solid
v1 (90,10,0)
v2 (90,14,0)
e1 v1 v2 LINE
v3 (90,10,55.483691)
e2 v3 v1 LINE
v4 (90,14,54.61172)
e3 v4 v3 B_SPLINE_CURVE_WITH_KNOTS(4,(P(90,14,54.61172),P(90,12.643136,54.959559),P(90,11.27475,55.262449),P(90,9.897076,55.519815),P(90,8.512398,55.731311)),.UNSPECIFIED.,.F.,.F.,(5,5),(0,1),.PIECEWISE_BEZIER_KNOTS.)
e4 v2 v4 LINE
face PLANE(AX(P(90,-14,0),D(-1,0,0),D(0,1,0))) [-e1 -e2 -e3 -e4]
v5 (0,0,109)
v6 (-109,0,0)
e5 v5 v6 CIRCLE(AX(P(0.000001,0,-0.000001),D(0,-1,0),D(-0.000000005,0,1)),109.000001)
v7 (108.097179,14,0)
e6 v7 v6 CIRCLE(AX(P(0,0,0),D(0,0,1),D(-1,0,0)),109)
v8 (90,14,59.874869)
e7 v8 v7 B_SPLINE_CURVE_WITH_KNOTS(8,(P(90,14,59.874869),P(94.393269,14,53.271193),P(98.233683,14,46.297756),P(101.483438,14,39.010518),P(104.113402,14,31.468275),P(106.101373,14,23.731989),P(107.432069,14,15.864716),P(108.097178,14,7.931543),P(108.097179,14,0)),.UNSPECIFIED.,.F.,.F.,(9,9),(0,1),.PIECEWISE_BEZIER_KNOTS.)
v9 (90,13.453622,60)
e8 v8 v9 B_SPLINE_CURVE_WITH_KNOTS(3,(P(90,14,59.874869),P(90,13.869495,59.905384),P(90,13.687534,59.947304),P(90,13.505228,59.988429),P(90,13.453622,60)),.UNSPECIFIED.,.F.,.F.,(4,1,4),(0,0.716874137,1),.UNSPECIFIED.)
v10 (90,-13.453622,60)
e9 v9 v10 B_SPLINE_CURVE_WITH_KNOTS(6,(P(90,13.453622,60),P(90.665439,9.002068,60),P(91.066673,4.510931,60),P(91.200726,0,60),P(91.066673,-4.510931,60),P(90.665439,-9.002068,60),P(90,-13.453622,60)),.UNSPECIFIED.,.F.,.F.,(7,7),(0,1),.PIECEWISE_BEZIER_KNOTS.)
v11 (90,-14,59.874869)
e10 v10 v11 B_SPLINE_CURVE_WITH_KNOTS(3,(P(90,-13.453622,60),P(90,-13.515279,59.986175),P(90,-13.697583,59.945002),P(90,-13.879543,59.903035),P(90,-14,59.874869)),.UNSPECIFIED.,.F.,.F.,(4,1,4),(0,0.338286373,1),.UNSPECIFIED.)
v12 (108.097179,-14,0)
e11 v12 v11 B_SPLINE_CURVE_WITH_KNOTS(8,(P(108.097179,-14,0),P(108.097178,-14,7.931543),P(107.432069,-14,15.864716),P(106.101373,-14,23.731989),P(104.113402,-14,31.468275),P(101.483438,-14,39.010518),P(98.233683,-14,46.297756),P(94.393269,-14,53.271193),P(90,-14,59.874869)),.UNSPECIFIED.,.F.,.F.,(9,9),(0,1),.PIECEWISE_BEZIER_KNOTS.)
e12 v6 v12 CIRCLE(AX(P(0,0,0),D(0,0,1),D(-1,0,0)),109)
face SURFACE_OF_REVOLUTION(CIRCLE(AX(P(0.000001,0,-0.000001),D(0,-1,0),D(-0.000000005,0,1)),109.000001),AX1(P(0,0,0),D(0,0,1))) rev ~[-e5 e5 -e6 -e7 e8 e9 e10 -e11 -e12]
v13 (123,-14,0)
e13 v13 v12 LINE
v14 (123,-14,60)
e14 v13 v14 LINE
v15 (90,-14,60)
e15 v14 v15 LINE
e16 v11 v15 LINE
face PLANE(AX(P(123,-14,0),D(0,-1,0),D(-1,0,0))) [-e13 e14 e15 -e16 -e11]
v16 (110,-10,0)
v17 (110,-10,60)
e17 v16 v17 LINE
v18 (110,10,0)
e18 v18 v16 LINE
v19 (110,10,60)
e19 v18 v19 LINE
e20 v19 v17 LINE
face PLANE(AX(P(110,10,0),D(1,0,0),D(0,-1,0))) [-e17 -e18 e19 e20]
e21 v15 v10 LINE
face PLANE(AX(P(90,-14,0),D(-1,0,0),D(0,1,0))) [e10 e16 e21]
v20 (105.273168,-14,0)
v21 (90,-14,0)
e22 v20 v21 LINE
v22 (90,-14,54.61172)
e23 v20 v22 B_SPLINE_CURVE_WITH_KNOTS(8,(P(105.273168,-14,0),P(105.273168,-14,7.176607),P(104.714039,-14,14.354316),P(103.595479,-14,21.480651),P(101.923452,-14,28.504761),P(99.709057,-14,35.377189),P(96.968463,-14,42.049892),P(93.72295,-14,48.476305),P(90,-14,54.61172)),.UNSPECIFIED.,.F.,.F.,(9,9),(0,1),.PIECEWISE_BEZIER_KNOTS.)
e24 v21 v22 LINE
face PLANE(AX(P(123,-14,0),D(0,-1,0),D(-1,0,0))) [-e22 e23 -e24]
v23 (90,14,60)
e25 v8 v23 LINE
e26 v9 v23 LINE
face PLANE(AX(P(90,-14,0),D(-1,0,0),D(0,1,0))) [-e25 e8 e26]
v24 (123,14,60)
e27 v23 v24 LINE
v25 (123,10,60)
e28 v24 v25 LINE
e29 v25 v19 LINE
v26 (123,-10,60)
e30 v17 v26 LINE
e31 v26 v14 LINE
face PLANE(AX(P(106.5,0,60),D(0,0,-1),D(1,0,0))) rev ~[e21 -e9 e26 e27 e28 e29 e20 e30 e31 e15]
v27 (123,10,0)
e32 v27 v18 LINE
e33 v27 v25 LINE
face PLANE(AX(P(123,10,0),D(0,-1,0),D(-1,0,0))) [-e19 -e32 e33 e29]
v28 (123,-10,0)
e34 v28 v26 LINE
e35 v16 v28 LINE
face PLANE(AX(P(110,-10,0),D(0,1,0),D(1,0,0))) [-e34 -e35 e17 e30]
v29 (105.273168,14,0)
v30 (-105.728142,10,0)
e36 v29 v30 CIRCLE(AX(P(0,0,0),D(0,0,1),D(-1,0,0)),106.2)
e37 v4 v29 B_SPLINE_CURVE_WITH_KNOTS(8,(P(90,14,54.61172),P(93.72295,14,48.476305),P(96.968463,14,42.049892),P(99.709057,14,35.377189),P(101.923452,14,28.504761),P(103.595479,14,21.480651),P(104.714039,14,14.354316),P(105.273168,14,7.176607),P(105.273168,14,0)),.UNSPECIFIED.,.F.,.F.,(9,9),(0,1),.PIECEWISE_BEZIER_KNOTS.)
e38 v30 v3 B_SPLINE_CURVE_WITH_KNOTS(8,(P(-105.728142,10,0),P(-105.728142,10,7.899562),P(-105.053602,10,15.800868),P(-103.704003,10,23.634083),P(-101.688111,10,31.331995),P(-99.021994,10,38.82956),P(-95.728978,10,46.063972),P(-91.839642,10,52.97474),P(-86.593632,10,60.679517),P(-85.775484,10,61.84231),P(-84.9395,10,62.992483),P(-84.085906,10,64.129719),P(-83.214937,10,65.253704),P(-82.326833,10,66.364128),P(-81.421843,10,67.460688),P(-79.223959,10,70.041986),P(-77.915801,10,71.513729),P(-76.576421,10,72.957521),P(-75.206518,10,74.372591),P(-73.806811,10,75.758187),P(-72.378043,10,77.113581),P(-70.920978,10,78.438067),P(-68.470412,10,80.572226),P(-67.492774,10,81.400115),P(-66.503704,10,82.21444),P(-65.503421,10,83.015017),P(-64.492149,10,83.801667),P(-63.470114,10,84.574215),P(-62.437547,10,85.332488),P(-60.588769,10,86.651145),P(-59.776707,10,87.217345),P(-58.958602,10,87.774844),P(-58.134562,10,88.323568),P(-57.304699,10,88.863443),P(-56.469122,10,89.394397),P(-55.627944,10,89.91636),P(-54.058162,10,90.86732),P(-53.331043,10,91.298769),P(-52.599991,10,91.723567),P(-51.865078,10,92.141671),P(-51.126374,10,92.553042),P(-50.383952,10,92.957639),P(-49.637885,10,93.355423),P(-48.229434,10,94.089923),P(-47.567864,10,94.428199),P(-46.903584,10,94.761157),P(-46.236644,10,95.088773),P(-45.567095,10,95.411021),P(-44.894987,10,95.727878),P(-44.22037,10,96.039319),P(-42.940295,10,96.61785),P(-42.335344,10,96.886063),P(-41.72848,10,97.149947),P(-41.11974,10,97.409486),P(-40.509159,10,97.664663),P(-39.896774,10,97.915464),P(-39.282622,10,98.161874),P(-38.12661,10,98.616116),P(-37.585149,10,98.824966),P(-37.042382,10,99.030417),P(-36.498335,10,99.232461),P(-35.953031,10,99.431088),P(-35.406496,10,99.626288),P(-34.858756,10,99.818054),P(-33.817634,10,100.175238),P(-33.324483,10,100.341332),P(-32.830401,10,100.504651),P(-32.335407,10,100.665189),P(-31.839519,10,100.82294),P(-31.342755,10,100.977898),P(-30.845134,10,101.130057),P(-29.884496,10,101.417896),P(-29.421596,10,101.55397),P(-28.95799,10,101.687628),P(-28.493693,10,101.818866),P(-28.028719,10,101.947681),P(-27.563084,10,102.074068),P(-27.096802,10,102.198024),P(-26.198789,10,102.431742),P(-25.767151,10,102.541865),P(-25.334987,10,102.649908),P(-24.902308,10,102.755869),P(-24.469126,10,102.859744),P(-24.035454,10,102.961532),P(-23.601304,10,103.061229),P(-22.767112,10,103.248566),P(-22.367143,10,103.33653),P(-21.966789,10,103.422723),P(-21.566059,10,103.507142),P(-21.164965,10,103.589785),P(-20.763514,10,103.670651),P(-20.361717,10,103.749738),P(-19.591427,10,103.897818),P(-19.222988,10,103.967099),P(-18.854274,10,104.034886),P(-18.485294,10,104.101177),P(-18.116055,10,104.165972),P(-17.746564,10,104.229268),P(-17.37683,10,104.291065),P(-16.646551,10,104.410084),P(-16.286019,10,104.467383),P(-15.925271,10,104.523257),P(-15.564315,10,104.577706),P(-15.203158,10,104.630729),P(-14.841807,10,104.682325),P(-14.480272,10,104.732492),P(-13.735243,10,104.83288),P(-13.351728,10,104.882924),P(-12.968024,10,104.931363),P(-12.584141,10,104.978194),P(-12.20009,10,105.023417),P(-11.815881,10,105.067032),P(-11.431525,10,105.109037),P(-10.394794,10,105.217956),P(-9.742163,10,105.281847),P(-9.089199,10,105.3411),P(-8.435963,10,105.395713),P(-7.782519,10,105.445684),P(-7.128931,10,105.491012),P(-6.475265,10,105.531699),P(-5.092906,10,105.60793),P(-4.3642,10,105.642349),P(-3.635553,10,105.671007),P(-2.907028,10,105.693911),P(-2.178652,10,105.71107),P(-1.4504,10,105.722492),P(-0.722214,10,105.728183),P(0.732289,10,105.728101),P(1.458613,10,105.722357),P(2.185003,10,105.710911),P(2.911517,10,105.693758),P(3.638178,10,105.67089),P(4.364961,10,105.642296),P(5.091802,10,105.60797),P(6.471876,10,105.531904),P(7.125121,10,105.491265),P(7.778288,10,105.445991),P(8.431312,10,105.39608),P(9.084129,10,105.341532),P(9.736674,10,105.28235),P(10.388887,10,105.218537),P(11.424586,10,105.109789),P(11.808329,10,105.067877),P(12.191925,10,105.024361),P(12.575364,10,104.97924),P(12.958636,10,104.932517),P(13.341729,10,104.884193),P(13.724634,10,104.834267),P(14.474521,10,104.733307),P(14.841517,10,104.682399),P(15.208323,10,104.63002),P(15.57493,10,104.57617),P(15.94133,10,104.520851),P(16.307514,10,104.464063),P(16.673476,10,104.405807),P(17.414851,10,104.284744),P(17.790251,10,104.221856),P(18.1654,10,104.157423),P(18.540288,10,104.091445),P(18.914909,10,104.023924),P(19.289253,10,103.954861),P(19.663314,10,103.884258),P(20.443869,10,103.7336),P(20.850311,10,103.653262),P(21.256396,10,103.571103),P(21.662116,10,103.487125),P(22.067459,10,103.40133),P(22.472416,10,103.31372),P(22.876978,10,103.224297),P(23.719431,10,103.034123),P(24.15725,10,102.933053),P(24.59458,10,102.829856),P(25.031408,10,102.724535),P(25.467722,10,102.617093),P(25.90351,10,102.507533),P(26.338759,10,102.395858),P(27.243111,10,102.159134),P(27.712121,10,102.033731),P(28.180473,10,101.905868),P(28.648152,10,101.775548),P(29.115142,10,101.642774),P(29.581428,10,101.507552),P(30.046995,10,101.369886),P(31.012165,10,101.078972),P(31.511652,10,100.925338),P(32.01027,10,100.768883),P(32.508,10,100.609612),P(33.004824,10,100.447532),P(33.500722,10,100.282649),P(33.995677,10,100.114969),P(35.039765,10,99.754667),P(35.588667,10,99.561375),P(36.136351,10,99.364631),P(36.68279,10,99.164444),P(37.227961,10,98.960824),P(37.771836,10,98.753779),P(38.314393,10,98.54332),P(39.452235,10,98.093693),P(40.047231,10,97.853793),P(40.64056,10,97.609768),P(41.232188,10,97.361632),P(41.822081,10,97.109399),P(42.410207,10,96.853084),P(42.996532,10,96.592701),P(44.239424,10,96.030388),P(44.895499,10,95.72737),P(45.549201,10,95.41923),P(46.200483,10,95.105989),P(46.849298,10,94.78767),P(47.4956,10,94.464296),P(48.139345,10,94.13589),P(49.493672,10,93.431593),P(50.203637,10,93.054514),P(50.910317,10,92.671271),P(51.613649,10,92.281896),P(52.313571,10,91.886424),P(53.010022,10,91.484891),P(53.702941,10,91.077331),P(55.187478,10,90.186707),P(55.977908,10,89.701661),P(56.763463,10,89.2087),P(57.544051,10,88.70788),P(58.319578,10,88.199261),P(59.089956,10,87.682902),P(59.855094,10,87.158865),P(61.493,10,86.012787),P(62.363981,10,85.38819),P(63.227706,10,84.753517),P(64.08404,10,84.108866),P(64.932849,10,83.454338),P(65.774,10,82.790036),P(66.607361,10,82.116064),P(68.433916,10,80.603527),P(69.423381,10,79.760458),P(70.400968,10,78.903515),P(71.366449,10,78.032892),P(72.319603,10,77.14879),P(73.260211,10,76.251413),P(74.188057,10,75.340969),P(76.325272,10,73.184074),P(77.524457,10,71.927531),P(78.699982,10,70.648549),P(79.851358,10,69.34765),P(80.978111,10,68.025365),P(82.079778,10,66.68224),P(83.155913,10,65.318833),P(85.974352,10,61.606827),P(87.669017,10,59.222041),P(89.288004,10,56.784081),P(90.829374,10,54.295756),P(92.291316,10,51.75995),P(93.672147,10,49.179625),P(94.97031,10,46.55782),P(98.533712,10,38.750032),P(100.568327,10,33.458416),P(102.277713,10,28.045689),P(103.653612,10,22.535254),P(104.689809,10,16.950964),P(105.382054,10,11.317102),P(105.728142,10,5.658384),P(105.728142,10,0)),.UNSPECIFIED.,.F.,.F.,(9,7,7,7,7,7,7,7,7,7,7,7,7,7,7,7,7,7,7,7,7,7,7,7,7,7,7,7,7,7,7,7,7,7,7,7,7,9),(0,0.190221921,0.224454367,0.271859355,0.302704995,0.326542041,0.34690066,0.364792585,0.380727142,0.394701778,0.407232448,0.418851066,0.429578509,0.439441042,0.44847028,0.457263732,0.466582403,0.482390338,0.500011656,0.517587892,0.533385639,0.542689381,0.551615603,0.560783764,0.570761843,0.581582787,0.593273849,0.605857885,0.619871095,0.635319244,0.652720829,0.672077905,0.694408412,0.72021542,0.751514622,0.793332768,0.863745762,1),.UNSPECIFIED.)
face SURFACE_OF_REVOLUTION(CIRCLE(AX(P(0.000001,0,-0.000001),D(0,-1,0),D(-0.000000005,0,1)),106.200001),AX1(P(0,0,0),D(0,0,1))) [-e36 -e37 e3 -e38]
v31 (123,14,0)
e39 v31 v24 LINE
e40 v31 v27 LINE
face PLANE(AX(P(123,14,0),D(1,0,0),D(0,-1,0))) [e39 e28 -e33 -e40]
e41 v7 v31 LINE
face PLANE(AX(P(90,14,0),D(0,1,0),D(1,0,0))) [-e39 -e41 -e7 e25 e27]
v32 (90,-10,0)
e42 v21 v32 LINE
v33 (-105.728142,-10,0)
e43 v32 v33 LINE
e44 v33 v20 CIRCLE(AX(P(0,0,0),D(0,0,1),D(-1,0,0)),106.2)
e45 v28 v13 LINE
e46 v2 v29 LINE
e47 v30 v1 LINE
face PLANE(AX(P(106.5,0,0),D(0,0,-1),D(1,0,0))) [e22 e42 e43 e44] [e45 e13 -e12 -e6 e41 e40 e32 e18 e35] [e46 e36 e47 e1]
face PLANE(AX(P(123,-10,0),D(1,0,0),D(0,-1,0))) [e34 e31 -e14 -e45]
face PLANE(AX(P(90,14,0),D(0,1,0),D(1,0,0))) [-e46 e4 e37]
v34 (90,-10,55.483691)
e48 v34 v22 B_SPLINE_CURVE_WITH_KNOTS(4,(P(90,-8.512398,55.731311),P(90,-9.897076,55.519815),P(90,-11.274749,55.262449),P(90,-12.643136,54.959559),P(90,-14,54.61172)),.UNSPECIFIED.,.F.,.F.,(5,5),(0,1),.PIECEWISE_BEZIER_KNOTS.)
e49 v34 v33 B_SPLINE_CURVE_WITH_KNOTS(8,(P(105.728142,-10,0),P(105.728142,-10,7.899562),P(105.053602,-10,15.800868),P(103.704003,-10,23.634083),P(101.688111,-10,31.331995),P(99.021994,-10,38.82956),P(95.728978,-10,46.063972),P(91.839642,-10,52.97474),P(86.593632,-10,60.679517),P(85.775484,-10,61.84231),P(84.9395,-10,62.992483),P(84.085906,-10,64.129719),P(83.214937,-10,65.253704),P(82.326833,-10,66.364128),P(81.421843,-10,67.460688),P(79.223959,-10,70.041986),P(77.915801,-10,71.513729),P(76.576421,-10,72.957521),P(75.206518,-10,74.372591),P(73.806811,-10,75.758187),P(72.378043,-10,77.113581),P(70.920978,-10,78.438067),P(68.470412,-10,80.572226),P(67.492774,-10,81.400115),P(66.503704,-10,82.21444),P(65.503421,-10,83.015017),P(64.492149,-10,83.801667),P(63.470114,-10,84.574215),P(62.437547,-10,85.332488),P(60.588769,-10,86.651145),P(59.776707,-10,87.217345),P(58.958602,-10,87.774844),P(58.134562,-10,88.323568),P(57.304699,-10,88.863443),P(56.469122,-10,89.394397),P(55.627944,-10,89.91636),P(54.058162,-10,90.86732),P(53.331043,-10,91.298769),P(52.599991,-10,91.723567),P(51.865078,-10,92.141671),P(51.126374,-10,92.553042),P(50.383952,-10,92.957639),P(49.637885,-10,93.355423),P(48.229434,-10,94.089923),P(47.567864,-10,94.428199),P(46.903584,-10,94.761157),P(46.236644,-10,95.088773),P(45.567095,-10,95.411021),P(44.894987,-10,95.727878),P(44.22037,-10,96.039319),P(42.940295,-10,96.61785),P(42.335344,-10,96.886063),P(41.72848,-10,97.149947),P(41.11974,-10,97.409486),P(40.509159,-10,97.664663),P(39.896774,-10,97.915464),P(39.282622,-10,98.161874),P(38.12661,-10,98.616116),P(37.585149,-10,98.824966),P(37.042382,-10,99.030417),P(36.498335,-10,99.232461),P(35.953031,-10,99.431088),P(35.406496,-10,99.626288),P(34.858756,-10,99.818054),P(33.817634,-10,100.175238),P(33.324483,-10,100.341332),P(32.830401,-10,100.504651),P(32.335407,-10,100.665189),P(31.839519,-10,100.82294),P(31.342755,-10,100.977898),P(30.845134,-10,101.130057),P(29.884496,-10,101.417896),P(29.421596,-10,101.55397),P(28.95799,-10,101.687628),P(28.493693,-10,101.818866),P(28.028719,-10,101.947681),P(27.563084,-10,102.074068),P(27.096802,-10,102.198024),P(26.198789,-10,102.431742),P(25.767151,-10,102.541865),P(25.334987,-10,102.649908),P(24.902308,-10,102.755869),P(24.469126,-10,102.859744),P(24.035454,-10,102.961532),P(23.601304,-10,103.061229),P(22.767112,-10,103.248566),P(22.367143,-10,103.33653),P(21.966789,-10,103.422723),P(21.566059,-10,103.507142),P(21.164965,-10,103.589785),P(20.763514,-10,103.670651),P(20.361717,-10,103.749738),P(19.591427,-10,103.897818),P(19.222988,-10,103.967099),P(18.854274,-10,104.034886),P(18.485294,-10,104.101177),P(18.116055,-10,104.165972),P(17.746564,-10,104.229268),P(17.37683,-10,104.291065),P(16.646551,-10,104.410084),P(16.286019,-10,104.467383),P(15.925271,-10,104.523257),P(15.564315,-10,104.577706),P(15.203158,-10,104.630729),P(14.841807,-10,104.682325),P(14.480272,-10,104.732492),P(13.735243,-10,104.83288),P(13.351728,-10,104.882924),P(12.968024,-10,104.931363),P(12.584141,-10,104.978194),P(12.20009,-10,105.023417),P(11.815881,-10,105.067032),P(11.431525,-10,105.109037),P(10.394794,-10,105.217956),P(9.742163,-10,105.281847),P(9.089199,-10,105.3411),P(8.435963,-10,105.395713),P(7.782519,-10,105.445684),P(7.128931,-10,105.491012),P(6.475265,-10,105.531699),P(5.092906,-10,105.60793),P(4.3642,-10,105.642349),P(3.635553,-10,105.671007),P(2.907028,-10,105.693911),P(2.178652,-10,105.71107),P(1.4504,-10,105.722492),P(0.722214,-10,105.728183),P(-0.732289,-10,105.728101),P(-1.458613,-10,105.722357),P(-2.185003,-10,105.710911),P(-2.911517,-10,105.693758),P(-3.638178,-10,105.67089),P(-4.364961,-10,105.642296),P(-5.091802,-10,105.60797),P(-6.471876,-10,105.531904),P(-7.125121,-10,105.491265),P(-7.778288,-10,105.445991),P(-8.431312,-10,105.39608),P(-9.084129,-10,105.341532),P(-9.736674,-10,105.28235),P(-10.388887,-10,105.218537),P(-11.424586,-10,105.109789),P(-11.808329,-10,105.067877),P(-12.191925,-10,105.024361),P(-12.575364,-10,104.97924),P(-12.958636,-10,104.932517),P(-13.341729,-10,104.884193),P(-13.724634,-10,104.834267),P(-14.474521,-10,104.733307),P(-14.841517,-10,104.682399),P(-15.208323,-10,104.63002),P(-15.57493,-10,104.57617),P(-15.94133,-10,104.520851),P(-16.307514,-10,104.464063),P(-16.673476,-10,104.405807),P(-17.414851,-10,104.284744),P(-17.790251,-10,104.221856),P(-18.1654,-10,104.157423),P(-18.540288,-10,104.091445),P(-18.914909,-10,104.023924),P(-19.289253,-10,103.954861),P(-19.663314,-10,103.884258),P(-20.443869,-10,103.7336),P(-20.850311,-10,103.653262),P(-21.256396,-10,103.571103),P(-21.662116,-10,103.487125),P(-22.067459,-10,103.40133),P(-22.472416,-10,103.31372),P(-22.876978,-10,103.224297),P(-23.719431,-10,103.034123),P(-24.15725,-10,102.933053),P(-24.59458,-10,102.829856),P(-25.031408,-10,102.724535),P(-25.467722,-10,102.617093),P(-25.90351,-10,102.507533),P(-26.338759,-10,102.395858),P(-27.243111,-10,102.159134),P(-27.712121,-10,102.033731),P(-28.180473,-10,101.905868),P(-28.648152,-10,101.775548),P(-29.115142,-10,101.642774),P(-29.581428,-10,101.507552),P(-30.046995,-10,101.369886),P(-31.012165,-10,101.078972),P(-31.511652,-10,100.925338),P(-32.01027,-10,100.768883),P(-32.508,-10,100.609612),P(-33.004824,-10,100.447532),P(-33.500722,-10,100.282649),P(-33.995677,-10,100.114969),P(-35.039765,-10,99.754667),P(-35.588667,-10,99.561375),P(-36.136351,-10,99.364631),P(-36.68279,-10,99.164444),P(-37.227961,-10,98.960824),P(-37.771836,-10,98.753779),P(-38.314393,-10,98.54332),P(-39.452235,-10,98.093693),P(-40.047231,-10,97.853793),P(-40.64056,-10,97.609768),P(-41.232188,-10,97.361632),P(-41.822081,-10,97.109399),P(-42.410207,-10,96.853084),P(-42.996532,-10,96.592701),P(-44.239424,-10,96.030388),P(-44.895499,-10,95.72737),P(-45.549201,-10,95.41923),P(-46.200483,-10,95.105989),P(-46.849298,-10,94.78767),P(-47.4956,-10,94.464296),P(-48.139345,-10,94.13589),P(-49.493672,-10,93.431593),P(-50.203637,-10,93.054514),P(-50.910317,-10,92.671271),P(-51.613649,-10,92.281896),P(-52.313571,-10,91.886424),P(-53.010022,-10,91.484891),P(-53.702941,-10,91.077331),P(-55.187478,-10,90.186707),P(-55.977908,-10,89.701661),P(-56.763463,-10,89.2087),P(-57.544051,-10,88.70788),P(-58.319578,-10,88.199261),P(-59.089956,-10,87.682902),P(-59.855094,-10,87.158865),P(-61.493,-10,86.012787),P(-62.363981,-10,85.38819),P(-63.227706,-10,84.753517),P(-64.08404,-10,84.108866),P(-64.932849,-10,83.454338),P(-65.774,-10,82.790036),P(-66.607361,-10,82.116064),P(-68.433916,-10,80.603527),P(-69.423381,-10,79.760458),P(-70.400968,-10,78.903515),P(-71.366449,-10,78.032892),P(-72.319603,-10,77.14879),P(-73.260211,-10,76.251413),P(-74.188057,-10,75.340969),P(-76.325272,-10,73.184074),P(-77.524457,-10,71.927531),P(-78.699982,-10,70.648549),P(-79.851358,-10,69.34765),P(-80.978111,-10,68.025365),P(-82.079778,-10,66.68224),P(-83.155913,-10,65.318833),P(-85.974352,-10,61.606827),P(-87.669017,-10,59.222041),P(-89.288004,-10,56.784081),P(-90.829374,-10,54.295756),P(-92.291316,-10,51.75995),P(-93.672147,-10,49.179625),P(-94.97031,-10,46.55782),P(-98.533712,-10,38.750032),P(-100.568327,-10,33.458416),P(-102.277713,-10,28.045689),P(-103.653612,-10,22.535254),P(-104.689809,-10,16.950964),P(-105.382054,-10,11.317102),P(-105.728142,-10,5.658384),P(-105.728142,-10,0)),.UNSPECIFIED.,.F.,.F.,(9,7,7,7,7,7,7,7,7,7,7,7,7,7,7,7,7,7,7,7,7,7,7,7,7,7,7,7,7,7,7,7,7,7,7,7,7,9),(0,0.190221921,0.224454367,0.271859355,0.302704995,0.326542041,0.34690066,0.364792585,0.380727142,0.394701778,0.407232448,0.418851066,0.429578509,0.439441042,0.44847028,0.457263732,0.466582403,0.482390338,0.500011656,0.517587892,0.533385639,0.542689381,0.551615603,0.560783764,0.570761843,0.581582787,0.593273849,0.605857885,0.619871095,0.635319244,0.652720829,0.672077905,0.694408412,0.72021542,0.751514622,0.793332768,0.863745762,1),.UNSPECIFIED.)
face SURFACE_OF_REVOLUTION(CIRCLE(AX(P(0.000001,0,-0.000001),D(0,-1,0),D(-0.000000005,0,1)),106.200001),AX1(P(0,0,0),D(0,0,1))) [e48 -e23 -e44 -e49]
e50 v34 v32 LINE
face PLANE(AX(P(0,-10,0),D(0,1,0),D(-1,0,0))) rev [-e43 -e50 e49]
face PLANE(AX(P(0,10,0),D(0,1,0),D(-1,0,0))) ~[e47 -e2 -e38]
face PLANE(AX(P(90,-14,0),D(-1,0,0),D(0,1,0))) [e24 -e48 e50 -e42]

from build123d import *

# Parameters (mm, degrees)
REVOLUTION001_ANGLE = -180
PAD_DEPTH           = 60


with BuildPart() as part:
    # Sketch → Revolution (revolve)
    with BuildSketch(Plane.XZ):
        with BuildLine():
            ThreePointArc((0, 109), (-77.074639, 77.074639), (-109, 0))
            Line((-109, 0), (-106.2, 0))
            ThreePointArc((0, 106.2), (-75.09474, 75.09474), (-106.2, 0))
            Line((0, 109), (0, 106.2))
        make_face()
    revolve(axis=Axis((0, 0, 0), (0, 0, 1)))

    # Sketch001 (on Face2 of Revolution) → Revolution001 (revolve)
    with BuildSketch(Plane(origin=(0, 0, 0), x_dir=(1, 0, 0), z_dir=(0, 0, -1))):
        with BuildLine():
            Line((0, -10), (0, 10))
            Line((0, 10), (-106.3, 10))
            ThreePointArc((-106.3, 10), (-106.769331, 0), (-106.3, -10))
            Line((0, -10), (-106.3, -10))
        make_face()
    revolve(axis=Axis((0, 0, 0), (0, -1, 0)), revolution_arc=REVOLUTION001_ANGLE)

    # Sketch002 (on Face8 of Revolution001) → Pad (new body)
    with BuildSketch(Plane(origin=(0, 0, 0), x_dir=(1, 0, 0), z_dir=(0, 0, -1))):
        Polygon((90, 14), (90, -14), (123, -14), (123, -10), (110, -10), (110, 10), (123, 10), (123, 14), align=None)
    extrude(amount=-PAD_DEPTH)


solid = part.part
